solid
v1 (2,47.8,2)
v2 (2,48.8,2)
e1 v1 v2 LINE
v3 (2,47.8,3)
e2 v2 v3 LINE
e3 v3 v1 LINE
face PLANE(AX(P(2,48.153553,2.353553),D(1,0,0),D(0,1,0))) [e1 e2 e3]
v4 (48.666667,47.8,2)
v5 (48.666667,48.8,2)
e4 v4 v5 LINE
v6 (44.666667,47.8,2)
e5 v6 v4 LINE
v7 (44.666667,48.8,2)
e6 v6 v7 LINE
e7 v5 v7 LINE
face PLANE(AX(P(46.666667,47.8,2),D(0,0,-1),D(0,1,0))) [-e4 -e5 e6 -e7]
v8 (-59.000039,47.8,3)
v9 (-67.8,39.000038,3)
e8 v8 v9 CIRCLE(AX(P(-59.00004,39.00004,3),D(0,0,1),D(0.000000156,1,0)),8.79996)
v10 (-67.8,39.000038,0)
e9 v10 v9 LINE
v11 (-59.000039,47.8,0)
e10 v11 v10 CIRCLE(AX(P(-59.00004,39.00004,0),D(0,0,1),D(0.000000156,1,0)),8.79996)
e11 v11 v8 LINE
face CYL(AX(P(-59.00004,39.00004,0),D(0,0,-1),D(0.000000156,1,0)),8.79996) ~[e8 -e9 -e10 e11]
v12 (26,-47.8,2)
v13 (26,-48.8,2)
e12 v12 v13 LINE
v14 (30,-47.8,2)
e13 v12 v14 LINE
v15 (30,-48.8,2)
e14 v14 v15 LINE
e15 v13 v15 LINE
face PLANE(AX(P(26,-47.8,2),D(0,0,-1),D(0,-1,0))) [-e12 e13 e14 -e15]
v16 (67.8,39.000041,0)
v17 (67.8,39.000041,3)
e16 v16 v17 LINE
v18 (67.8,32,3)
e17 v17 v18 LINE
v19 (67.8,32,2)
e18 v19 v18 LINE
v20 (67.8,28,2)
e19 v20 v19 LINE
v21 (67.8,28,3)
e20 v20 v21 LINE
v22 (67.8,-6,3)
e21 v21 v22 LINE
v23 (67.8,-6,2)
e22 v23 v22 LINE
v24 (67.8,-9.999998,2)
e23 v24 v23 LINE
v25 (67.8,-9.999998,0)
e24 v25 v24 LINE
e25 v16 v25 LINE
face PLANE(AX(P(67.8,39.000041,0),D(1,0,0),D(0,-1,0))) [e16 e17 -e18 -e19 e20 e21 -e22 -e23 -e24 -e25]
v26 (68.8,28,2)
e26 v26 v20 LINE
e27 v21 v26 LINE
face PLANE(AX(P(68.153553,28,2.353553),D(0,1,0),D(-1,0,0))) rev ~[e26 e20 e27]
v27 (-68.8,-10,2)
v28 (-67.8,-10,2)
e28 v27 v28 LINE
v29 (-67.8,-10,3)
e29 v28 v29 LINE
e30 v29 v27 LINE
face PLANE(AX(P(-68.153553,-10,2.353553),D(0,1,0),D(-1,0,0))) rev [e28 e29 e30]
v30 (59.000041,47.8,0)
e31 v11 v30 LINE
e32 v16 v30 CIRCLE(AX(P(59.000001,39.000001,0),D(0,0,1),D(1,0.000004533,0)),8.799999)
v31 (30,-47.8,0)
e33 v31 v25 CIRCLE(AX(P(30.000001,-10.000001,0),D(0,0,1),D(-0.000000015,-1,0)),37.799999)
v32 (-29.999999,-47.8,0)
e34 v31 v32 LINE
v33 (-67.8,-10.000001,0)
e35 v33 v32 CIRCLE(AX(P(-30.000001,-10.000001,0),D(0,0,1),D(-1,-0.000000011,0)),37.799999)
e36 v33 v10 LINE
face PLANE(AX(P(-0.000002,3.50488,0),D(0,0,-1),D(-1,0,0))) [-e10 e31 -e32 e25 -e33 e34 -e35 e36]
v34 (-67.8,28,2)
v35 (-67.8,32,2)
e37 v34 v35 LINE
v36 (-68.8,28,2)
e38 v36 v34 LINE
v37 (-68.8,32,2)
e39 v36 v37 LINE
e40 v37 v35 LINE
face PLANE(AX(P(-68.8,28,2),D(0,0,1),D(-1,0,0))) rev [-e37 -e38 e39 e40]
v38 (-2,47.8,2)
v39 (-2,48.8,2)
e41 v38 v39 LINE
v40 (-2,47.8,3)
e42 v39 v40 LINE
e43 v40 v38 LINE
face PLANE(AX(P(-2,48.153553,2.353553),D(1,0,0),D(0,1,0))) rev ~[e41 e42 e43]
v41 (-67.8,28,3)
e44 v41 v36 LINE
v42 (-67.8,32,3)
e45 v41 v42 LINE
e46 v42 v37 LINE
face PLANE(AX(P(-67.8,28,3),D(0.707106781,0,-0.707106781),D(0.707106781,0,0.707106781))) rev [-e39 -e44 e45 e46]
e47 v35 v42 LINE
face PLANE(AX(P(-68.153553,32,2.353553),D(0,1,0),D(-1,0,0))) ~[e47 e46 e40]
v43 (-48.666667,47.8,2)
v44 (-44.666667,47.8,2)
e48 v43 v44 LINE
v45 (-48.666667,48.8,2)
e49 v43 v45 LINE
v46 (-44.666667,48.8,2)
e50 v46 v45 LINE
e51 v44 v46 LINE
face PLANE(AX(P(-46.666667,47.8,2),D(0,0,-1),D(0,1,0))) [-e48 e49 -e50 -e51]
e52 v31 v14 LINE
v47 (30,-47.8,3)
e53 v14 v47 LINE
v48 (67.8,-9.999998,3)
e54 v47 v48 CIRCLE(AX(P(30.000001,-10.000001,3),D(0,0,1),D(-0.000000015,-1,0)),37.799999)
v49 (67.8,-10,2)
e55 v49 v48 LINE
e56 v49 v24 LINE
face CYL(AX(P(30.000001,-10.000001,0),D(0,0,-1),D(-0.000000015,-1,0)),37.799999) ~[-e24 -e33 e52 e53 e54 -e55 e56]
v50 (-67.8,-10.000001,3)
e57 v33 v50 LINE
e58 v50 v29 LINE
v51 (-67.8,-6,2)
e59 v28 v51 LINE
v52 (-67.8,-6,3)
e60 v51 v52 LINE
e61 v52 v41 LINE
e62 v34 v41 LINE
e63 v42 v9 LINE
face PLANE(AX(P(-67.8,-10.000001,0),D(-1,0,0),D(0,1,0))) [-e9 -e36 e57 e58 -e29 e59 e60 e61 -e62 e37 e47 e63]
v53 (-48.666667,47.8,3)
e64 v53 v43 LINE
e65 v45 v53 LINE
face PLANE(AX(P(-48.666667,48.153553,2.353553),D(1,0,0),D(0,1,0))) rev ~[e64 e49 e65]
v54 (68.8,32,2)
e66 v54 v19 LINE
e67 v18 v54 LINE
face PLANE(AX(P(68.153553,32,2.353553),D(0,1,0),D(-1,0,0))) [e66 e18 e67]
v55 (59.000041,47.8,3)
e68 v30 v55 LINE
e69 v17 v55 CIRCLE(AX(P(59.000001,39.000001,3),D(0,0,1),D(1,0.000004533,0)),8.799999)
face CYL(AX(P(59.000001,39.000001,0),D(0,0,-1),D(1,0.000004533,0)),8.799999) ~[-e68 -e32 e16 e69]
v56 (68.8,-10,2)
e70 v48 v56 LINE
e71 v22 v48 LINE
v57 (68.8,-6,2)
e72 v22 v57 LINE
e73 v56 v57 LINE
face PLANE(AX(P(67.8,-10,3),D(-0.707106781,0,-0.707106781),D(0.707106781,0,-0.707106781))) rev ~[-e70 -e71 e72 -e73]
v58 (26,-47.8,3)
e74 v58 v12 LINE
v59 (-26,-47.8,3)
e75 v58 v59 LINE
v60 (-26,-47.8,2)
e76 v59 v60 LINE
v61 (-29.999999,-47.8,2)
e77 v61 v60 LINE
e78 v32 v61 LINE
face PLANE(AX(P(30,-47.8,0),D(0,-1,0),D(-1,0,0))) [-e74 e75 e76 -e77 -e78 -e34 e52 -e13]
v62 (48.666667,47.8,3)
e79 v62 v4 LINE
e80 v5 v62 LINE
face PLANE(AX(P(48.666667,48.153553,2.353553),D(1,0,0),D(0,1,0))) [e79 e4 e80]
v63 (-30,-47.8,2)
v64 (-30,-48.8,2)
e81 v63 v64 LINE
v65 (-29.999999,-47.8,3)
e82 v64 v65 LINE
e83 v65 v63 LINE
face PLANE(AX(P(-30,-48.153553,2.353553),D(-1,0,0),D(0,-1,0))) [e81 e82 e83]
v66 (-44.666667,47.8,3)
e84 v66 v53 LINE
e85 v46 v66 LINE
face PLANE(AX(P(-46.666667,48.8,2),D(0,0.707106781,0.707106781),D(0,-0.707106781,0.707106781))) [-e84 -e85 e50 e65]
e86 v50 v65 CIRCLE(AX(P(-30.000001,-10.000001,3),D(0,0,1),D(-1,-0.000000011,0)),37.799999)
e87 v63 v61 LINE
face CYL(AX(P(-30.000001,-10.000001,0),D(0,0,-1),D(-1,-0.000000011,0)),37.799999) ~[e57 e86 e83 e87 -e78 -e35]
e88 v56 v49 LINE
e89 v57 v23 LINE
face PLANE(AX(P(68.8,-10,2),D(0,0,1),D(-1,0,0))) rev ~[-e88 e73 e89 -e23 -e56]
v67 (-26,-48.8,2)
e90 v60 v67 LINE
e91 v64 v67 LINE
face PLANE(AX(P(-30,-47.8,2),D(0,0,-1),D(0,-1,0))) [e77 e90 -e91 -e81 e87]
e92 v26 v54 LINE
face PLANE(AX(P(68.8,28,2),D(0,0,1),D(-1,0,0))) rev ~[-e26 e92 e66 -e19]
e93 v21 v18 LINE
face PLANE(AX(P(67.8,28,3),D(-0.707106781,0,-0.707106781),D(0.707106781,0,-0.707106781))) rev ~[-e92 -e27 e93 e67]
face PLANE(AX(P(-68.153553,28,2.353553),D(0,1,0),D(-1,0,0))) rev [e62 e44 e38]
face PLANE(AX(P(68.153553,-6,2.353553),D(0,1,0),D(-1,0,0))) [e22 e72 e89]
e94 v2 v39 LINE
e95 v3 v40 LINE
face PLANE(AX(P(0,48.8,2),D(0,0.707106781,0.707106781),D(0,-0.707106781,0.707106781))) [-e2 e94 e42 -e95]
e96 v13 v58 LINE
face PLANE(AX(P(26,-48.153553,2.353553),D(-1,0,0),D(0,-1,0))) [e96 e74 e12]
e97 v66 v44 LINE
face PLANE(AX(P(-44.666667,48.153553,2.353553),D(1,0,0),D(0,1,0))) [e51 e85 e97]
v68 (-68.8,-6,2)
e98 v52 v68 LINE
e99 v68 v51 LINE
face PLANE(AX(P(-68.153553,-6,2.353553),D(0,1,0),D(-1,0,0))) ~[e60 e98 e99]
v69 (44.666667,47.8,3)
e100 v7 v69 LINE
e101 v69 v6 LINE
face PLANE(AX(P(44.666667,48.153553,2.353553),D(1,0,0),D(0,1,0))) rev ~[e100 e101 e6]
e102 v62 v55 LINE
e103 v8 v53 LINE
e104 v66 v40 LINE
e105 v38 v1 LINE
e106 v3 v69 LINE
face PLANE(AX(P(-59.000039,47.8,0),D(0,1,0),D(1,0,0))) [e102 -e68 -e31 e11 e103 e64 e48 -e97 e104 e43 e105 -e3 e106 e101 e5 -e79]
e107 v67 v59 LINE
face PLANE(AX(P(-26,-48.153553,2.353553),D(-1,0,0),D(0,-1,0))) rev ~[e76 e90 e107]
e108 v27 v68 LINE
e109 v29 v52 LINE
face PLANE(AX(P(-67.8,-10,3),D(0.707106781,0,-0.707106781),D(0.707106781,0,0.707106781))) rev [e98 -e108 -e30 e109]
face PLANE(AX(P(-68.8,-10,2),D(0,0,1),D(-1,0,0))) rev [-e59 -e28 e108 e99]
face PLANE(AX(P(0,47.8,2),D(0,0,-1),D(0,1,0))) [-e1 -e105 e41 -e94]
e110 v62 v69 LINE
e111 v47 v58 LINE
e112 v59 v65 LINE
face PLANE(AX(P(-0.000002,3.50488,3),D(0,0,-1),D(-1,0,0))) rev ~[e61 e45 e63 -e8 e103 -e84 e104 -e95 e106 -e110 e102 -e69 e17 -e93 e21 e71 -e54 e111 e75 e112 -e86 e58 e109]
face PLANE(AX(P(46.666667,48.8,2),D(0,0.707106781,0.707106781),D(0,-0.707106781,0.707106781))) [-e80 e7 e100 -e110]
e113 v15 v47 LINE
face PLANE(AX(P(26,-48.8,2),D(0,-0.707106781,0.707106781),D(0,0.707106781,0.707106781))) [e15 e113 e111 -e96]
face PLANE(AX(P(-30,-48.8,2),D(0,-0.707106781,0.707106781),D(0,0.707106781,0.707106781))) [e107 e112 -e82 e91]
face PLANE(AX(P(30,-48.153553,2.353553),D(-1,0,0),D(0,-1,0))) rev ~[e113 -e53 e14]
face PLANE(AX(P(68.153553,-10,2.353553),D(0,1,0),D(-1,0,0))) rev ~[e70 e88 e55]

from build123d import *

# Parameters (mm, degrees)
PAD001_DEPTH                    = 3
PAD003_DEPTH                    = 2
PAD003_LINEARPATTERN004_2_DEPTH = 2
LINEARPATTERN005_COUNT          = 2
LINEARPATTERN005_PITCH          = 46.666667
PAD006_DEPTH                    = 4
LINEARPATTERN010_COUNT          = 2
LINEARPATTERN010_PITCH          = 56
PAD007_DEPTH                    = 4
PAD007_LINEARPATTERN011_2_DEPTH = 4


with BuildPart() as part:
    # Sketch003 → Pad001 (new body)
    with BuildSketch(Plane.XY):
        with BuildLine():
            Line((-67.8, -10.000001), (-67.8, 39.000038))
            ThreePointArc((-59.000039, 47.8), (-65.222552, 45.222551), (-67.8, 39.000038))
            Line((-59.000039, 47.8), (59.000041, 47.8))
            ThreePointArc((67.8, 39.000041), (65.22254, 45.22254), (59.000041, 47.8))
            Line((67.8, 39.000041), (67.8, -9.999998))
            ThreePointArc((30, -47.8), (56.728637, -36.728636), (67.8, -9.999998))
            Line((30, -47.8), (-29.999999, -47.8))
            ThreePointArc((-67.8, -10.000001), (-56.728636, -36.728637), (-29.999999, -47.8))
        make_face()
    extrude(amount=PAD001_DEPTH)

    # Sketch015 → Pad003 (join, symmetric)
    with BuildSketch(Plane.YZ):
        Polygon((47.8, 3), (47.8, 2), (48.8, 2), align=None)
    pad003 = extrude(amount=PAD003_DEPTH, both=True)

    # Sketch015 LinearPattern004 2 → Pad003 LinearPattern004 2 (add, symmetric)
    with BuildSketch(Plane.YZ.offset(46.666667)):
        Polygon((47.8, 3), (47.8, 2), (48.8, 2), align=None)
    pad003_linearpattern004_2 = extrude(amount=PAD003_LINEARPATTERN004_2_DEPTH, both=True)

    # LinearPattern005: Pad003, Pad003 LinearPattern004 2 ×2
    with Locations(*[(-i * LINEARPATTERN005_PITCH, 0, 0) for i in range(1, LINEARPATTERN005_COUNT)]):
        add(pad003)
        add(pad003_linearpattern004_2)

    # Sketch020 → Pad006 (join)
    with BuildSketch(Plane.YZ.offset(-30)):
        Polygon((-47.8, 3), (-47.8, 2), (-48.8, 2), align=None)
    pad006 = extrude(amount=PAD006_DEPTH)

    # LinearPattern010: Pad006 ×2
    with Locations(*[(i * LINEARPATTERN010_PITCH, 0, 0) for i in range(1, LINEARPATTERN010_COUNT)]):
        add(pad006)

    # Sketch021 → Pad007 (join)
    with BuildSketch(Plane.XZ.offset(10)):
        Polygon((68.8, 2), (67.8, 2), (67.8, 3), align=None)
    pad007 = extrude(amount=-PAD007_DEPTH)

    # Sketch021 LinearPattern011 2 → Pad007 LinearPattern011 2 (add)
    with BuildSketch(Plane.XZ.offset(-28)):
        Polygon((68.8, 2), (67.8, 2), (67.8, 3), align=None)
    pad007_linearpattern011_2 = extrude(amount=-PAD007_LINEARPATTERN011_2_DEPTH)

    # Mirrored004: Pad007, Pad007 LinearPattern011 2 across Sketch021 V_Axis
    add(pad007.mirror(Plane(origin=(0, -10, 0), x_dir=(0, -1, 0), z_dir=(1, 0, 0))))
    add(pad007_linearpattern011_2.mirror(Plane(origin=(0, -10, 0), x_dir=(0, -1, 0), z_dir=(1, 0, 0))))


solid = part.part
